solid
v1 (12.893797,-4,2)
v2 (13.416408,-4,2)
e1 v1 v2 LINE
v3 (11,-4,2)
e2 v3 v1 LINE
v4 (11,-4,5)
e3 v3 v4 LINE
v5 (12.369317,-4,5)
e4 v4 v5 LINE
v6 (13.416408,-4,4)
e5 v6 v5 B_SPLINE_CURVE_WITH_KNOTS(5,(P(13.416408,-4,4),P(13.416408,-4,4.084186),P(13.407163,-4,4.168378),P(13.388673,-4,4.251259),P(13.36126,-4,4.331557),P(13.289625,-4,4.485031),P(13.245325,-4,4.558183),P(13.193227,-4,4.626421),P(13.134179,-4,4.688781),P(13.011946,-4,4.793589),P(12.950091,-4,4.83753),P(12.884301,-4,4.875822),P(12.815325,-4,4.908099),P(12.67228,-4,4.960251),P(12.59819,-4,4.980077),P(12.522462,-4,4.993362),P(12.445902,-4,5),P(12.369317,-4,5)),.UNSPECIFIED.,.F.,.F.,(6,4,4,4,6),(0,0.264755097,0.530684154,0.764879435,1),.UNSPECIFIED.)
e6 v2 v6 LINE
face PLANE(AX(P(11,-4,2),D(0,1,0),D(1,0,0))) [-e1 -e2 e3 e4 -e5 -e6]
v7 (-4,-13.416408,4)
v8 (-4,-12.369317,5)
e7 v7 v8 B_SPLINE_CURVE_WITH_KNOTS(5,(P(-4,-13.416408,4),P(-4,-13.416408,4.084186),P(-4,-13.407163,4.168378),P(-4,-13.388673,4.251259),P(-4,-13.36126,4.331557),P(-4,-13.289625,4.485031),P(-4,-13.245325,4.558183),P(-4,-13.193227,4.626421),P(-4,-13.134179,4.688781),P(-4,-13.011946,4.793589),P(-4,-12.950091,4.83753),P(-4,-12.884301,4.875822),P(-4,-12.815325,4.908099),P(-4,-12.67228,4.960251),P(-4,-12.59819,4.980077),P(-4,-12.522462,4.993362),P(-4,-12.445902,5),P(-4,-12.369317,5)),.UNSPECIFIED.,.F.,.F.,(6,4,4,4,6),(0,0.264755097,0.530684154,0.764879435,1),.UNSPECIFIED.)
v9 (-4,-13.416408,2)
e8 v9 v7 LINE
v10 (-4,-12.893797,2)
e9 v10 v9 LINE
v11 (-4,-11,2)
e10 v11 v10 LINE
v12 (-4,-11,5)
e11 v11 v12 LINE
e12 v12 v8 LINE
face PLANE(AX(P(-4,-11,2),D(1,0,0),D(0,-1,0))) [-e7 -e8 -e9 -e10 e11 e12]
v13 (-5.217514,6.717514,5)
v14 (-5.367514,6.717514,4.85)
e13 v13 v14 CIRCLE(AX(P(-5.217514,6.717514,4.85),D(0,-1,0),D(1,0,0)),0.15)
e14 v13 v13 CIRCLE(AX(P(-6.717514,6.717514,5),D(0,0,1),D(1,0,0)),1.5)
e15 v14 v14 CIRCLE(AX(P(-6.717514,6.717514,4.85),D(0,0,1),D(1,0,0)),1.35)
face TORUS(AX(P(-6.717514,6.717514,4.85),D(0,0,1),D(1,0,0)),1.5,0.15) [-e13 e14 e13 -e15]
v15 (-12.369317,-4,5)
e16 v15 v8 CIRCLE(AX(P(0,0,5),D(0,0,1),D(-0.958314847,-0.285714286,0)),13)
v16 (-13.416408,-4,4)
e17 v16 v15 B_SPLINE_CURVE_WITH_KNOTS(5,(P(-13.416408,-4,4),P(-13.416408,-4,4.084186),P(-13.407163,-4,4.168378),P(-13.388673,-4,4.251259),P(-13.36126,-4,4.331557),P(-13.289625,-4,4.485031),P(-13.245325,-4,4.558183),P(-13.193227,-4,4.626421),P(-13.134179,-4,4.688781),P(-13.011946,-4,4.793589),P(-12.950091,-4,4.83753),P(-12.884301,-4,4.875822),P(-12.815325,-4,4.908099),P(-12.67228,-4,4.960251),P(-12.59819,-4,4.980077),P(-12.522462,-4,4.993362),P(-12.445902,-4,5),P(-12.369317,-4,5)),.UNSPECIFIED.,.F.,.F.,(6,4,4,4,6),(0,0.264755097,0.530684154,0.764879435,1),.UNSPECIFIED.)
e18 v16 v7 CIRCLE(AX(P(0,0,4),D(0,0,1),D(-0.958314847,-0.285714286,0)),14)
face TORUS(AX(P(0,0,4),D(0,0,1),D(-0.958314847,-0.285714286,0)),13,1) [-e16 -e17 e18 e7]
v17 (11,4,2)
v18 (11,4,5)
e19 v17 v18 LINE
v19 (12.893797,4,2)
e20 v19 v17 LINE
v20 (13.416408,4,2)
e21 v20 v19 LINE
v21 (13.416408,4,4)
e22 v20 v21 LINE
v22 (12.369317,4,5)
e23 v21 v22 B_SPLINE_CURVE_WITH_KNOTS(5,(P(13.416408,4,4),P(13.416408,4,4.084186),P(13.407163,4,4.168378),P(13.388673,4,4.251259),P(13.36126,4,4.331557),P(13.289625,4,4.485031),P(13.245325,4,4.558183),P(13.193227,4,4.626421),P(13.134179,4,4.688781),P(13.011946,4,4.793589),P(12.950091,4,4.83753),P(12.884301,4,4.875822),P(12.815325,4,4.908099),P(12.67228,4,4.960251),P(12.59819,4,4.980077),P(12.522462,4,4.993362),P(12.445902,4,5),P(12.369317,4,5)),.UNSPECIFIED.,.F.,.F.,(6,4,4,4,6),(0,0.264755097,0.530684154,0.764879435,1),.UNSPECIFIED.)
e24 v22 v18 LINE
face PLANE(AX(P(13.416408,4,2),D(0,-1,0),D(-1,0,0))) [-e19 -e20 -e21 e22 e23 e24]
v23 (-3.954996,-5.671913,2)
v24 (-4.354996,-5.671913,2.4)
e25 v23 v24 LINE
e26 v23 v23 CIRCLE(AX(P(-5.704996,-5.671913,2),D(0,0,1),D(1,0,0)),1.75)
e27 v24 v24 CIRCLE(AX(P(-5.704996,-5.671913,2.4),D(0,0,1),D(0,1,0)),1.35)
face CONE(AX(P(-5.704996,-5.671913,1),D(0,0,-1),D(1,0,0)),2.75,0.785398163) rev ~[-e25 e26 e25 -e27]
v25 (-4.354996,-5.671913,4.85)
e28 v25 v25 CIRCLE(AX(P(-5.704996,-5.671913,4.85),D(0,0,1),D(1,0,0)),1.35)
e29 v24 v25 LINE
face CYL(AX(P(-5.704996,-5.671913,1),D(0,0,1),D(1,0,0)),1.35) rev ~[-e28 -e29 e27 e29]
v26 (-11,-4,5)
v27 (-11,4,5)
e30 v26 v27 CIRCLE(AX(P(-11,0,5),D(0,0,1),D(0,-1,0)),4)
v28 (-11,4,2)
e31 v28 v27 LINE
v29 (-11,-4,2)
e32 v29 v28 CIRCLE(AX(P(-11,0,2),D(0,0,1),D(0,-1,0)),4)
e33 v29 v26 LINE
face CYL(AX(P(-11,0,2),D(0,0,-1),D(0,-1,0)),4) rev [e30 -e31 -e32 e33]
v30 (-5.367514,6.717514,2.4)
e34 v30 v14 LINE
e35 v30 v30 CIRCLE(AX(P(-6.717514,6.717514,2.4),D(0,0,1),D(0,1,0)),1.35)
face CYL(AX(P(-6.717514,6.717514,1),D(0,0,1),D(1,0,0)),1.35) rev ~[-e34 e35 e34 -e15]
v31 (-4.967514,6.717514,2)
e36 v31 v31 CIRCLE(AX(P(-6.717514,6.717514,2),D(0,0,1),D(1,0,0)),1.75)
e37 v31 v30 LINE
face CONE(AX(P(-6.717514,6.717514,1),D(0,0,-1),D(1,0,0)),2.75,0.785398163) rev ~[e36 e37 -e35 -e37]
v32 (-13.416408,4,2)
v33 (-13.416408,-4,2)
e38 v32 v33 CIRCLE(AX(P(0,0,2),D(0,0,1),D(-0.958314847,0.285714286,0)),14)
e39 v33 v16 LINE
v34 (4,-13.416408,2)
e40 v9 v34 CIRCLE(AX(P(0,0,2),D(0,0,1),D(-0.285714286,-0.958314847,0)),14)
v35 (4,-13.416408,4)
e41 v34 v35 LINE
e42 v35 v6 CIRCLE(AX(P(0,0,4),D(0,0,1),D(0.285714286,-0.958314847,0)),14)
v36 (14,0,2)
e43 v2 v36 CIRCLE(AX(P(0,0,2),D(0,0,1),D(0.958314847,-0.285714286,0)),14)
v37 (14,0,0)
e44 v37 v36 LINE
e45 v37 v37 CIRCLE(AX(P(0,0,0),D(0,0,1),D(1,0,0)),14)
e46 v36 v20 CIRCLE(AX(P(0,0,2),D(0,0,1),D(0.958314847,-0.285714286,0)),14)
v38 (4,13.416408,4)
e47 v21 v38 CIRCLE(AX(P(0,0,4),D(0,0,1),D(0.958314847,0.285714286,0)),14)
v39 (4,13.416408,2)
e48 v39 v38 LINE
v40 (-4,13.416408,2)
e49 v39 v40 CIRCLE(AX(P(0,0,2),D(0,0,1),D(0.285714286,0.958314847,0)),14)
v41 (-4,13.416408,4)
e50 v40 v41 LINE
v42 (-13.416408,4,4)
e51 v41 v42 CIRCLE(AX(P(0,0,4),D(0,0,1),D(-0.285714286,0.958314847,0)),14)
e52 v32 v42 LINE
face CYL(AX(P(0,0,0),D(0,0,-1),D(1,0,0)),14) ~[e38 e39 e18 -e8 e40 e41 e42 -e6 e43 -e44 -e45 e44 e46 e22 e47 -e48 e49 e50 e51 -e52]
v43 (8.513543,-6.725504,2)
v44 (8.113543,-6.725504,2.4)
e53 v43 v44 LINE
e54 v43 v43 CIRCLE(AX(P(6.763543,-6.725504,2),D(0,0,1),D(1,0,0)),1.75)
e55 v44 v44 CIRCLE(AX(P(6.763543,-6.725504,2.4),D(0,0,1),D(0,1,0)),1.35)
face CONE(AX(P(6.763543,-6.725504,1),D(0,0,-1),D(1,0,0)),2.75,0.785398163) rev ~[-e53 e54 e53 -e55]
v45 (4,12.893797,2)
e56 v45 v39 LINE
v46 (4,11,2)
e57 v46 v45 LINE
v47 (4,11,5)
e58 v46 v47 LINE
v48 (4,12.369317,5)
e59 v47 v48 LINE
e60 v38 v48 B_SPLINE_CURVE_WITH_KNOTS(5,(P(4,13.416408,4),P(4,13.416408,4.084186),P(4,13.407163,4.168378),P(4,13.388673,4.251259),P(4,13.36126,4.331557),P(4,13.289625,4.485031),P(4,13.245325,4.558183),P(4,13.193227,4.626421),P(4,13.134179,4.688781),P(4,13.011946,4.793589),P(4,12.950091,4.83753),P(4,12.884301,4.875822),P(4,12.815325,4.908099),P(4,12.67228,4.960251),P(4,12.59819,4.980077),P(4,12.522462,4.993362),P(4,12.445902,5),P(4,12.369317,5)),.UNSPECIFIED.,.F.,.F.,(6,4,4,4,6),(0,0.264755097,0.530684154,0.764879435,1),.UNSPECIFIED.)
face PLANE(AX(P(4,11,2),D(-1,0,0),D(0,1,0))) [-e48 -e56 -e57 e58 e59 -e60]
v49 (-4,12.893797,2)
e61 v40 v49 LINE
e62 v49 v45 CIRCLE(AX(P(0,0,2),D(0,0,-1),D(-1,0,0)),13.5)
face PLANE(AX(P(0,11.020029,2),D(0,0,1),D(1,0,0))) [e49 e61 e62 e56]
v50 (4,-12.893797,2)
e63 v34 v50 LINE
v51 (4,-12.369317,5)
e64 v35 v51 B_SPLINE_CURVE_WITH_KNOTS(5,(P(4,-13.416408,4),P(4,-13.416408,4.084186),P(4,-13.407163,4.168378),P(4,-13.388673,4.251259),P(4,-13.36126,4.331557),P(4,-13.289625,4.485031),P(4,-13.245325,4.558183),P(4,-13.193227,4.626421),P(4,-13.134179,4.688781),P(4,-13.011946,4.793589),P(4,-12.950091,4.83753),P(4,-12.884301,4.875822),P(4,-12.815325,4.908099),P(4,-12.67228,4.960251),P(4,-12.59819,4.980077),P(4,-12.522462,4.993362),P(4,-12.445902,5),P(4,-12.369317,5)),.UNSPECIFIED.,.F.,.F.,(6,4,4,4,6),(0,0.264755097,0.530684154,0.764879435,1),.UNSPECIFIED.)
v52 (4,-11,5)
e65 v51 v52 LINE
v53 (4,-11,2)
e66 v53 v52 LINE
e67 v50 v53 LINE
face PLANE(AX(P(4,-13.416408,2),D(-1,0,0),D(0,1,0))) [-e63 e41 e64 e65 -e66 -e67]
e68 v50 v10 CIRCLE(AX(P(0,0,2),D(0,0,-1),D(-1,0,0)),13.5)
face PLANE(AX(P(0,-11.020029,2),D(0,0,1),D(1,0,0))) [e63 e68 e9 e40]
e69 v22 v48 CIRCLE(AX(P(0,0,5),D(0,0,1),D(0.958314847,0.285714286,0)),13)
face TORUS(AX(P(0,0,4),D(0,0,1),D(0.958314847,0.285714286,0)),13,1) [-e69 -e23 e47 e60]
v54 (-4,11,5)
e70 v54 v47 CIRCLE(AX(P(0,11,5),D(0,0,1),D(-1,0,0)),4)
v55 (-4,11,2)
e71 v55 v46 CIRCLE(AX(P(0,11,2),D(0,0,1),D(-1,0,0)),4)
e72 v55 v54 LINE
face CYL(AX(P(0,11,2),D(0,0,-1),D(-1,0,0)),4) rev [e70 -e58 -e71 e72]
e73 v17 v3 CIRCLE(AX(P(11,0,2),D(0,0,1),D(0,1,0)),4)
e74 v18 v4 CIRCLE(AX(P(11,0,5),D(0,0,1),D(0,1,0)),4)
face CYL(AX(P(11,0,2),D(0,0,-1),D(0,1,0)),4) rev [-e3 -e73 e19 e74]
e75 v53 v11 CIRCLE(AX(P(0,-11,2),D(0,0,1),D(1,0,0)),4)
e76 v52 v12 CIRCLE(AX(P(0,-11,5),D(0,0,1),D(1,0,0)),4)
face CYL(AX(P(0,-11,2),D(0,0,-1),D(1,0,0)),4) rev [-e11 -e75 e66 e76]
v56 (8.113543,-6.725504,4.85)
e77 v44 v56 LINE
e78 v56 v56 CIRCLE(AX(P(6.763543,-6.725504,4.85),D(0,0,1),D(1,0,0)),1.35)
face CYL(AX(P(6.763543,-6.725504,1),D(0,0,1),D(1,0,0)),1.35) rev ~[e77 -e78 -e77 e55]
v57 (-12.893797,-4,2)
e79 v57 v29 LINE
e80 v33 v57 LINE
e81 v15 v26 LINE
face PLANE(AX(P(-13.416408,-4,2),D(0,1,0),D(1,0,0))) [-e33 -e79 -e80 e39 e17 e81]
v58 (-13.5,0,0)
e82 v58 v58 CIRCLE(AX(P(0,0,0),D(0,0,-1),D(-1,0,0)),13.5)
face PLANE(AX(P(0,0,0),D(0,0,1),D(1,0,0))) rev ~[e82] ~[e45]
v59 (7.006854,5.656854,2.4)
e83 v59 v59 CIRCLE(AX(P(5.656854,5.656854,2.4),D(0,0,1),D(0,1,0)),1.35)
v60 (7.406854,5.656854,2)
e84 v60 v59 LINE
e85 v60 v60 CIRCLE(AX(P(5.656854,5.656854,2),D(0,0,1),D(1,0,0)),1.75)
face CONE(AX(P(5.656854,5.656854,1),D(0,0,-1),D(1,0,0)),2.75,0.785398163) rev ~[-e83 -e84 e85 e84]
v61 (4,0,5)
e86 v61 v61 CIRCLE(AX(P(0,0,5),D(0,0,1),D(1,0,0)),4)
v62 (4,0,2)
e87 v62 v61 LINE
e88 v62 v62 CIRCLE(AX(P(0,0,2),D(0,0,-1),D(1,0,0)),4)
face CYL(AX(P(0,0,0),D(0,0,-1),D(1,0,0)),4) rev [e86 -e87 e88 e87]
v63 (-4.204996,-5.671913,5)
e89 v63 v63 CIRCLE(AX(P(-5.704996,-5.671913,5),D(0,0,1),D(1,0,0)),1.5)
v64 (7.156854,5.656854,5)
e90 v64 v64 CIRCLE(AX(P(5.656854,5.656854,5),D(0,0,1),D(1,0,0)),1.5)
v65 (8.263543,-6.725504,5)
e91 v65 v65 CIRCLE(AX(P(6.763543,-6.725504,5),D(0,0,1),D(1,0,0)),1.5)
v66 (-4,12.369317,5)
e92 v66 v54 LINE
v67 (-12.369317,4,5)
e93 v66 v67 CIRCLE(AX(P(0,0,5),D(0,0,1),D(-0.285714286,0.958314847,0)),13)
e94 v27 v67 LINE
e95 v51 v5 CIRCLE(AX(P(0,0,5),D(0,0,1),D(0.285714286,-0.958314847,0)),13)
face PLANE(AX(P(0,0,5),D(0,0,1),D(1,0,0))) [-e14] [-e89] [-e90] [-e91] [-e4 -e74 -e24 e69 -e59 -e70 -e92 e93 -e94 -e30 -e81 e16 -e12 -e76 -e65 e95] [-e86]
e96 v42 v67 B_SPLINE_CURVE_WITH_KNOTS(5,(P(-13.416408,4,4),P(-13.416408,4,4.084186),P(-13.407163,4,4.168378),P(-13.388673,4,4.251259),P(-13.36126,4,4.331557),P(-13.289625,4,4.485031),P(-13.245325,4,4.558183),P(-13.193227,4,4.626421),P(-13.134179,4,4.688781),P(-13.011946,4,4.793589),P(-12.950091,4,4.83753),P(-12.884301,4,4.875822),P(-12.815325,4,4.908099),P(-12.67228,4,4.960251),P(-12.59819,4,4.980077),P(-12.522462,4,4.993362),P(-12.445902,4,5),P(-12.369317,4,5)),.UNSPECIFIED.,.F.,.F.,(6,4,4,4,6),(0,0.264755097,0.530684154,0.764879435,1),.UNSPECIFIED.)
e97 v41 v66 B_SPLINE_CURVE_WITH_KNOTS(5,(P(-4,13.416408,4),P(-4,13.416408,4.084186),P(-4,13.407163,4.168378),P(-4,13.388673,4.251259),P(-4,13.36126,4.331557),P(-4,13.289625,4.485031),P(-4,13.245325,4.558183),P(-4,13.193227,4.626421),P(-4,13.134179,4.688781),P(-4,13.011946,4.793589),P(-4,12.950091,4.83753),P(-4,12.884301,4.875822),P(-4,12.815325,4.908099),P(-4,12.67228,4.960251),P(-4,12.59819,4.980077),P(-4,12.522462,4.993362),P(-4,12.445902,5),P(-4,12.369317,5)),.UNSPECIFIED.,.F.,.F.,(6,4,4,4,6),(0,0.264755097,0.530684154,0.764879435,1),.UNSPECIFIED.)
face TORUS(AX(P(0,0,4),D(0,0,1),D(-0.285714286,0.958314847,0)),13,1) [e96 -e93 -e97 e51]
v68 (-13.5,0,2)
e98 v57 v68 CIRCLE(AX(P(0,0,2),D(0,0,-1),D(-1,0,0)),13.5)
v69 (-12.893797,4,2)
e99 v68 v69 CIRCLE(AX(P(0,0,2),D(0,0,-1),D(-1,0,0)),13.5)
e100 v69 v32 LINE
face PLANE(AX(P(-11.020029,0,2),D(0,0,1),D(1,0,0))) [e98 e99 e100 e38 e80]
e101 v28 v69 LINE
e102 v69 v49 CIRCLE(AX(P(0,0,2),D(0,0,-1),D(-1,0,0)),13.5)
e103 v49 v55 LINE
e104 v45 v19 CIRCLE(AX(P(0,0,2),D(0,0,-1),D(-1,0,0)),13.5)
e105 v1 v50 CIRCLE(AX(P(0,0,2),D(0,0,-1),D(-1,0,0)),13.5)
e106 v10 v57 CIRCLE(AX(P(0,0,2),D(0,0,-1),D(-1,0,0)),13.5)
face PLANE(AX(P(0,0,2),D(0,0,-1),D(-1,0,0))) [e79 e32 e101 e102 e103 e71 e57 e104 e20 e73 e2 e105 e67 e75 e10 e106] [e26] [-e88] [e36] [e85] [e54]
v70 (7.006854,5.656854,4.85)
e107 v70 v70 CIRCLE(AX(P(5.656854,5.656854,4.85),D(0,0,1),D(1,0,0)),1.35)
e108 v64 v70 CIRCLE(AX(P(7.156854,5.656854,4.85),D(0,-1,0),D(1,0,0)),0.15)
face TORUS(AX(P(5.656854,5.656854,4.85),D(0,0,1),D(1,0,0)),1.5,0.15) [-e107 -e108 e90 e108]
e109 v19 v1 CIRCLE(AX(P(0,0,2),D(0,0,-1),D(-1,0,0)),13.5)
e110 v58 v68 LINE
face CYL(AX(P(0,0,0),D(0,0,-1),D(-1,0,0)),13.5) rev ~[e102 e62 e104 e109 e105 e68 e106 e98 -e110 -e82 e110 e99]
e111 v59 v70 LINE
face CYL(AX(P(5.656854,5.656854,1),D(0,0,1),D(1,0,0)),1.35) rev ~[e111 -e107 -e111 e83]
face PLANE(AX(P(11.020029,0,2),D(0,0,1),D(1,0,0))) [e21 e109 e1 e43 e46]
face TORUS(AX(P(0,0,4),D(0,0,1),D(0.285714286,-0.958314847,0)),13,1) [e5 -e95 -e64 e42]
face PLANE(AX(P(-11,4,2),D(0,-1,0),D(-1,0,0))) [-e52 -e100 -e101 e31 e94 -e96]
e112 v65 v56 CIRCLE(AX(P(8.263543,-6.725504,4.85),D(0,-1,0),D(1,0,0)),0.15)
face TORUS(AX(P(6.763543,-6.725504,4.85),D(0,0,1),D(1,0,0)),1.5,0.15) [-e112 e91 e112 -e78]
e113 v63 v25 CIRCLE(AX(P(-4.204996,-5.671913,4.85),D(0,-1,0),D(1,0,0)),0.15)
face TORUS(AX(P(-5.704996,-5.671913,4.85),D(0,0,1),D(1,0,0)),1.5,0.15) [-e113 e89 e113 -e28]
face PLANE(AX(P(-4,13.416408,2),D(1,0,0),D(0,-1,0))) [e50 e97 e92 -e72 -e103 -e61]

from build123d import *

# Parameters (mm, degrees)
SKETCH1_R                                         = 14
SKETCH1_R_2                                       = 4
SKETCH1_R_3                                       = 1.5
BOSS_EXTRUDE1_DEPTH                               = 5
CUT_EXTRUDE4_START                                = -3
CUT_EXTRUDE4_DEPTH                                = 3
SKETCH14_R                                        = 13.5
CUT_EXTRUDE5_DEPTH                                = 2
FILLET2_R                                         = 1
BOSS_EXTRUDE2_DEPTH                               = 1
BOSS_EXTRUDE2_DEPTH_BACK                          = 3
SKETCH16_R                                        = 1.5
BOSS_EXTRUDE4_DEPTH                               = 1
BOSS_EXTRUDE4_DEPTH_BACK                          = 3
SKETCH17_R                                        = 1.5
SKETCH17_R_2                                      = 1.550441812
SKETCH17_R_3                                      = 1.546716968
CSK_FOR_M2_5_FLAT_HEAD_MACHINE_SCREW1_D           = 2.7
CSK_FOR_M2_5_FLAT_HEAD_MACHINE_SCREW1_CSINK_D     = 5.5
CSK_FOR_M2_5_FLAT_HEAD_MACHINE_SCREW1_CSINK_ANGLE = 90
CSK_FOR_M2_5_FLAT_HEAD_MACHINE_SCREW2_D           = 2.7
CSK_FOR_M2_5_FLAT_HEAD_MACHINE_SCREW2_CSINK_D     = 5.5
CSK_FOR_M2_5_FLAT_HEAD_MACHINE_SCREW2_CSINK_ANGLE = 90
CSK_FOR_M2_5_FLAT_HEAD_MACHINE_SCREW3_D           = 2.7
CSK_FOR_M2_5_FLAT_HEAD_MACHINE_SCREW3_CSINK_D     = 5.5
CSK_FOR_M2_5_FLAT_HEAD_MACHINE_SCREW3_CSINK_ANGLE = 90
CSK_FOR_M2_5_FLAT_HEAD_MACHINE_SCREW4_D           = 2.7
CSK_FOR_M2_5_FLAT_HEAD_MACHINE_SCREW4_CSINK_D     = 5.5
CSK_FOR_M2_5_FLAT_HEAD_MACHINE_SCREW4_CSINK_ANGLE = 90
FILLET3_R                                         = 0.15


with BuildPart() as part:
    # Sketch1 → Boss-Extrude1 (new body)
    with BuildSketch(Plane.XY):
        Circle(SKETCH1_R)
        Circle(SKETCH1_R_2, mode=Mode.SUBTRACT)
        with Locations((-5.656854249, -5.656854249)):
            Circle(SKETCH1_R_3, mode=Mode.SUBTRACT)
        with Locations((5.656854249, 5.656854249)):
            Circle(SKETCH1_R_3, mode=Mode.SUBTRACT)
        with Locations((6.717514421, -6.717514421)):
            Circle(SKETCH1_R_3, mode=Mode.SUBTRACT)
        with Locations((-6.717514421, 6.717514421)):
            Circle(SKETCH1_R_3, mode=Mode.SUBTRACT)
    extrude(amount=BOSS_EXTRUDE1_DEPTH)

    # Sketch13 → Cut-Extrude4 (cut)
    with BuildSketch(Plane.XY.offset(5).offset(CUT_EXTRUDE4_START)):
        with BuildLine():
            Line((-11, 4), (-13.416407865, 4))
            ThreePointArc((-13.416407865, 4), (-14, 0), (-13.416407865, -4))
            Line((-13.416407865, -4), (-11, -4))
            ThreePointArc((-11, -4), (-7, 0), (-11, 4))
        make_face()
        with BuildLine():
            Line((4, 11), (4, 13.416407865))
            ThreePointArc((4, 13.416407865), (0, 14), (-4, 13.416407865))
            Line((-4, 13.416407865), (-4, 11))
            ThreePointArc((-4, 11), (0, 7), (4, 11))
        make_face()
        with BuildLine():
            Line((11, -4), (13.416407865, -4))
            ThreePointArc((13.416407865, -4), (14, 0), (13.416407865, 4))
            Line((13.416407865, 4), (11, 4))
            ThreePointArc((11, 4), (7, 0), (11, -4))
        make_face()
        with BuildLine():
            Line((-4, -11), (-4, -13.416407865))
            ThreePointArc((-4, -13.416407865), (0, -14), (4, -13.416407865))
            Line((4, -13.416407865), (4, -11))
            ThreePointArc((4, -11), (0, -7), (-4, -11))
        make_face()
    extrude(amount=CUT_EXTRUDE4_DEPTH, mode=Mode.SUBTRACT)

    # Sketch14 → Cut-Extrude5 (cut)
    with BuildSketch(Plane(origin=(0, 0, 0), x_dir=(-1, 0, 0), z_dir=(0, 0, -1))):
        Circle(SKETCH14_R)
    extrude(amount=-CUT_EXTRUDE5_DEPTH, mode=Mode.SUBTRACT)

    # Fillet2
    fillet2_edges = [part.edges().sort_by_distance(p)[0] for p in [
        (-9.899494937, -9.899494937, 5),
        (-9.899494937, 9.899494937, 5),
        (9.899494937, 9.899494937, 5),
        (9.899494937, -9.899494937, 5),
    ]]
    fillet(fillet2_edges, radius=FILLET2_R)

    # Sketch16 → Boss-Extrude2 (add, two sides: drawn at the far end of the back side and taken through both)
    with BuildSketch(Plane(origin=(0, 0, 2), x_dir=(-1, 0, 0), z_dir=(0, 0, -1)).offset(-BOSS_EXTRUDE2_DEPTH_BACK)):
        with Locations((6.717514421, 6.717514421)):
            Circle(SKETCH16_R)
    extrude(amount=BOSS_EXTRUDE2_DEPTH + BOSS_EXTRUDE2_DEPTH_BACK)

    # Sketch17 → Boss-Extrude4 (add, two sides: drawn at the far end of the back side and taken through both)
    with BuildSketch(Plane(origin=(0, 0, 2), x_dir=(-1, 0, 0), z_dir=(0, 0, -1)).offset(-BOSS_EXTRUDE4_DEPTH_BACK)):
        with Locations((-5.656854249, 5.656854249)):
            Circle(SKETCH17_R)
        with Locations((5.704995791, -5.671913081)):
            Circle(SKETCH17_R_2)
        with Locations((-6.763543143, -6.725503911)):
            Circle(SKETCH17_R_3)
    extrude(amount=BOSS_EXTRUDE4_DEPTH + BOSS_EXTRUDE4_DEPTH_BACK)

    # CSK for M2.5 Flat Head Machine Screw1 (through all)
    with Locations(Plane(origin=(-6.717514421, 6.717514421, 1), x_dir=(-1, 0, 0), z_dir=(0, 0, -1))):
        with Locations((0, 0)):
            CounterSinkHole(CSK_FOR_M2_5_FLAT_HEAD_MACHINE_SCREW1_D / 2, CSK_FOR_M2_5_FLAT_HEAD_MACHINE_SCREW1_CSINK_D / 2, counter_sink_angle=CSK_FOR_M2_5_FLAT_HEAD_MACHINE_SCREW1_CSINK_ANGLE)

    # CSK for M2.5 Flat Head Machine Screw2 (through all)
    with Locations(Plane(origin=(5.656854249, 5.656854249, 1), x_dir=(-1, 0, 0), z_dir=(0, 0, -1))):
        with Locations((0, 0)):
            CounterSinkHole(CSK_FOR_M2_5_FLAT_HEAD_MACHINE_SCREW2_D / 2, CSK_FOR_M2_5_FLAT_HEAD_MACHINE_SCREW2_CSINK_D / 2, counter_sink_angle=CSK_FOR_M2_5_FLAT_HEAD_MACHINE_SCREW2_CSINK_ANGLE)

    # CSK for M2.5 Flat Head Machine Screw3 (through all)
    with Locations(Plane(origin=(6.763543143, -6.725503911, 1), x_dir=(-1, 0, 0), z_dir=(0, 0, -1))):
        with Locations((0, 0)):
            CounterSinkHole(CSK_FOR_M2_5_FLAT_HEAD_MACHINE_SCREW3_D / 2, CSK_FOR_M2_5_FLAT_HEAD_MACHINE_SCREW3_CSINK_D / 2, counter_sink_angle=CSK_FOR_M2_5_FLAT_HEAD_MACHINE_SCREW3_CSINK_ANGLE)

    # CSK for M2.5 Flat Head Machine Screw4 (through all)
    with Locations(Plane(origin=(-5.704995791, -5.671913081, 1), x_dir=(-1, 0, 0), z_dir=(0, 0, -1))):
        with Locations((0, 0)):
            CounterSinkHole(CSK_FOR_M2_5_FLAT_HEAD_MACHINE_SCREW4_D / 2, CSK_FOR_M2_5_FLAT_HEAD_MACHINE_SCREW4_CSINK_D / 2, counter_sink_angle=CSK_FOR_M2_5_FLAT_HEAD_MACHINE_SCREW4_CSINK_ANGLE)

    # Fillet3
    fillet3_edges = [part.edges().sort_by_distance(p)[0] for p in [
        (-8.067514421, 6.717514421, 5),
        (4.306854249, 5.656854249, 5),
        (5.413543143, -6.725503911, 5),
        (-7.054995791, -5.671913081, 5),
    ]]
    fillet(fillet3_edges, radius=FILLET3_R)


solid = part.part
